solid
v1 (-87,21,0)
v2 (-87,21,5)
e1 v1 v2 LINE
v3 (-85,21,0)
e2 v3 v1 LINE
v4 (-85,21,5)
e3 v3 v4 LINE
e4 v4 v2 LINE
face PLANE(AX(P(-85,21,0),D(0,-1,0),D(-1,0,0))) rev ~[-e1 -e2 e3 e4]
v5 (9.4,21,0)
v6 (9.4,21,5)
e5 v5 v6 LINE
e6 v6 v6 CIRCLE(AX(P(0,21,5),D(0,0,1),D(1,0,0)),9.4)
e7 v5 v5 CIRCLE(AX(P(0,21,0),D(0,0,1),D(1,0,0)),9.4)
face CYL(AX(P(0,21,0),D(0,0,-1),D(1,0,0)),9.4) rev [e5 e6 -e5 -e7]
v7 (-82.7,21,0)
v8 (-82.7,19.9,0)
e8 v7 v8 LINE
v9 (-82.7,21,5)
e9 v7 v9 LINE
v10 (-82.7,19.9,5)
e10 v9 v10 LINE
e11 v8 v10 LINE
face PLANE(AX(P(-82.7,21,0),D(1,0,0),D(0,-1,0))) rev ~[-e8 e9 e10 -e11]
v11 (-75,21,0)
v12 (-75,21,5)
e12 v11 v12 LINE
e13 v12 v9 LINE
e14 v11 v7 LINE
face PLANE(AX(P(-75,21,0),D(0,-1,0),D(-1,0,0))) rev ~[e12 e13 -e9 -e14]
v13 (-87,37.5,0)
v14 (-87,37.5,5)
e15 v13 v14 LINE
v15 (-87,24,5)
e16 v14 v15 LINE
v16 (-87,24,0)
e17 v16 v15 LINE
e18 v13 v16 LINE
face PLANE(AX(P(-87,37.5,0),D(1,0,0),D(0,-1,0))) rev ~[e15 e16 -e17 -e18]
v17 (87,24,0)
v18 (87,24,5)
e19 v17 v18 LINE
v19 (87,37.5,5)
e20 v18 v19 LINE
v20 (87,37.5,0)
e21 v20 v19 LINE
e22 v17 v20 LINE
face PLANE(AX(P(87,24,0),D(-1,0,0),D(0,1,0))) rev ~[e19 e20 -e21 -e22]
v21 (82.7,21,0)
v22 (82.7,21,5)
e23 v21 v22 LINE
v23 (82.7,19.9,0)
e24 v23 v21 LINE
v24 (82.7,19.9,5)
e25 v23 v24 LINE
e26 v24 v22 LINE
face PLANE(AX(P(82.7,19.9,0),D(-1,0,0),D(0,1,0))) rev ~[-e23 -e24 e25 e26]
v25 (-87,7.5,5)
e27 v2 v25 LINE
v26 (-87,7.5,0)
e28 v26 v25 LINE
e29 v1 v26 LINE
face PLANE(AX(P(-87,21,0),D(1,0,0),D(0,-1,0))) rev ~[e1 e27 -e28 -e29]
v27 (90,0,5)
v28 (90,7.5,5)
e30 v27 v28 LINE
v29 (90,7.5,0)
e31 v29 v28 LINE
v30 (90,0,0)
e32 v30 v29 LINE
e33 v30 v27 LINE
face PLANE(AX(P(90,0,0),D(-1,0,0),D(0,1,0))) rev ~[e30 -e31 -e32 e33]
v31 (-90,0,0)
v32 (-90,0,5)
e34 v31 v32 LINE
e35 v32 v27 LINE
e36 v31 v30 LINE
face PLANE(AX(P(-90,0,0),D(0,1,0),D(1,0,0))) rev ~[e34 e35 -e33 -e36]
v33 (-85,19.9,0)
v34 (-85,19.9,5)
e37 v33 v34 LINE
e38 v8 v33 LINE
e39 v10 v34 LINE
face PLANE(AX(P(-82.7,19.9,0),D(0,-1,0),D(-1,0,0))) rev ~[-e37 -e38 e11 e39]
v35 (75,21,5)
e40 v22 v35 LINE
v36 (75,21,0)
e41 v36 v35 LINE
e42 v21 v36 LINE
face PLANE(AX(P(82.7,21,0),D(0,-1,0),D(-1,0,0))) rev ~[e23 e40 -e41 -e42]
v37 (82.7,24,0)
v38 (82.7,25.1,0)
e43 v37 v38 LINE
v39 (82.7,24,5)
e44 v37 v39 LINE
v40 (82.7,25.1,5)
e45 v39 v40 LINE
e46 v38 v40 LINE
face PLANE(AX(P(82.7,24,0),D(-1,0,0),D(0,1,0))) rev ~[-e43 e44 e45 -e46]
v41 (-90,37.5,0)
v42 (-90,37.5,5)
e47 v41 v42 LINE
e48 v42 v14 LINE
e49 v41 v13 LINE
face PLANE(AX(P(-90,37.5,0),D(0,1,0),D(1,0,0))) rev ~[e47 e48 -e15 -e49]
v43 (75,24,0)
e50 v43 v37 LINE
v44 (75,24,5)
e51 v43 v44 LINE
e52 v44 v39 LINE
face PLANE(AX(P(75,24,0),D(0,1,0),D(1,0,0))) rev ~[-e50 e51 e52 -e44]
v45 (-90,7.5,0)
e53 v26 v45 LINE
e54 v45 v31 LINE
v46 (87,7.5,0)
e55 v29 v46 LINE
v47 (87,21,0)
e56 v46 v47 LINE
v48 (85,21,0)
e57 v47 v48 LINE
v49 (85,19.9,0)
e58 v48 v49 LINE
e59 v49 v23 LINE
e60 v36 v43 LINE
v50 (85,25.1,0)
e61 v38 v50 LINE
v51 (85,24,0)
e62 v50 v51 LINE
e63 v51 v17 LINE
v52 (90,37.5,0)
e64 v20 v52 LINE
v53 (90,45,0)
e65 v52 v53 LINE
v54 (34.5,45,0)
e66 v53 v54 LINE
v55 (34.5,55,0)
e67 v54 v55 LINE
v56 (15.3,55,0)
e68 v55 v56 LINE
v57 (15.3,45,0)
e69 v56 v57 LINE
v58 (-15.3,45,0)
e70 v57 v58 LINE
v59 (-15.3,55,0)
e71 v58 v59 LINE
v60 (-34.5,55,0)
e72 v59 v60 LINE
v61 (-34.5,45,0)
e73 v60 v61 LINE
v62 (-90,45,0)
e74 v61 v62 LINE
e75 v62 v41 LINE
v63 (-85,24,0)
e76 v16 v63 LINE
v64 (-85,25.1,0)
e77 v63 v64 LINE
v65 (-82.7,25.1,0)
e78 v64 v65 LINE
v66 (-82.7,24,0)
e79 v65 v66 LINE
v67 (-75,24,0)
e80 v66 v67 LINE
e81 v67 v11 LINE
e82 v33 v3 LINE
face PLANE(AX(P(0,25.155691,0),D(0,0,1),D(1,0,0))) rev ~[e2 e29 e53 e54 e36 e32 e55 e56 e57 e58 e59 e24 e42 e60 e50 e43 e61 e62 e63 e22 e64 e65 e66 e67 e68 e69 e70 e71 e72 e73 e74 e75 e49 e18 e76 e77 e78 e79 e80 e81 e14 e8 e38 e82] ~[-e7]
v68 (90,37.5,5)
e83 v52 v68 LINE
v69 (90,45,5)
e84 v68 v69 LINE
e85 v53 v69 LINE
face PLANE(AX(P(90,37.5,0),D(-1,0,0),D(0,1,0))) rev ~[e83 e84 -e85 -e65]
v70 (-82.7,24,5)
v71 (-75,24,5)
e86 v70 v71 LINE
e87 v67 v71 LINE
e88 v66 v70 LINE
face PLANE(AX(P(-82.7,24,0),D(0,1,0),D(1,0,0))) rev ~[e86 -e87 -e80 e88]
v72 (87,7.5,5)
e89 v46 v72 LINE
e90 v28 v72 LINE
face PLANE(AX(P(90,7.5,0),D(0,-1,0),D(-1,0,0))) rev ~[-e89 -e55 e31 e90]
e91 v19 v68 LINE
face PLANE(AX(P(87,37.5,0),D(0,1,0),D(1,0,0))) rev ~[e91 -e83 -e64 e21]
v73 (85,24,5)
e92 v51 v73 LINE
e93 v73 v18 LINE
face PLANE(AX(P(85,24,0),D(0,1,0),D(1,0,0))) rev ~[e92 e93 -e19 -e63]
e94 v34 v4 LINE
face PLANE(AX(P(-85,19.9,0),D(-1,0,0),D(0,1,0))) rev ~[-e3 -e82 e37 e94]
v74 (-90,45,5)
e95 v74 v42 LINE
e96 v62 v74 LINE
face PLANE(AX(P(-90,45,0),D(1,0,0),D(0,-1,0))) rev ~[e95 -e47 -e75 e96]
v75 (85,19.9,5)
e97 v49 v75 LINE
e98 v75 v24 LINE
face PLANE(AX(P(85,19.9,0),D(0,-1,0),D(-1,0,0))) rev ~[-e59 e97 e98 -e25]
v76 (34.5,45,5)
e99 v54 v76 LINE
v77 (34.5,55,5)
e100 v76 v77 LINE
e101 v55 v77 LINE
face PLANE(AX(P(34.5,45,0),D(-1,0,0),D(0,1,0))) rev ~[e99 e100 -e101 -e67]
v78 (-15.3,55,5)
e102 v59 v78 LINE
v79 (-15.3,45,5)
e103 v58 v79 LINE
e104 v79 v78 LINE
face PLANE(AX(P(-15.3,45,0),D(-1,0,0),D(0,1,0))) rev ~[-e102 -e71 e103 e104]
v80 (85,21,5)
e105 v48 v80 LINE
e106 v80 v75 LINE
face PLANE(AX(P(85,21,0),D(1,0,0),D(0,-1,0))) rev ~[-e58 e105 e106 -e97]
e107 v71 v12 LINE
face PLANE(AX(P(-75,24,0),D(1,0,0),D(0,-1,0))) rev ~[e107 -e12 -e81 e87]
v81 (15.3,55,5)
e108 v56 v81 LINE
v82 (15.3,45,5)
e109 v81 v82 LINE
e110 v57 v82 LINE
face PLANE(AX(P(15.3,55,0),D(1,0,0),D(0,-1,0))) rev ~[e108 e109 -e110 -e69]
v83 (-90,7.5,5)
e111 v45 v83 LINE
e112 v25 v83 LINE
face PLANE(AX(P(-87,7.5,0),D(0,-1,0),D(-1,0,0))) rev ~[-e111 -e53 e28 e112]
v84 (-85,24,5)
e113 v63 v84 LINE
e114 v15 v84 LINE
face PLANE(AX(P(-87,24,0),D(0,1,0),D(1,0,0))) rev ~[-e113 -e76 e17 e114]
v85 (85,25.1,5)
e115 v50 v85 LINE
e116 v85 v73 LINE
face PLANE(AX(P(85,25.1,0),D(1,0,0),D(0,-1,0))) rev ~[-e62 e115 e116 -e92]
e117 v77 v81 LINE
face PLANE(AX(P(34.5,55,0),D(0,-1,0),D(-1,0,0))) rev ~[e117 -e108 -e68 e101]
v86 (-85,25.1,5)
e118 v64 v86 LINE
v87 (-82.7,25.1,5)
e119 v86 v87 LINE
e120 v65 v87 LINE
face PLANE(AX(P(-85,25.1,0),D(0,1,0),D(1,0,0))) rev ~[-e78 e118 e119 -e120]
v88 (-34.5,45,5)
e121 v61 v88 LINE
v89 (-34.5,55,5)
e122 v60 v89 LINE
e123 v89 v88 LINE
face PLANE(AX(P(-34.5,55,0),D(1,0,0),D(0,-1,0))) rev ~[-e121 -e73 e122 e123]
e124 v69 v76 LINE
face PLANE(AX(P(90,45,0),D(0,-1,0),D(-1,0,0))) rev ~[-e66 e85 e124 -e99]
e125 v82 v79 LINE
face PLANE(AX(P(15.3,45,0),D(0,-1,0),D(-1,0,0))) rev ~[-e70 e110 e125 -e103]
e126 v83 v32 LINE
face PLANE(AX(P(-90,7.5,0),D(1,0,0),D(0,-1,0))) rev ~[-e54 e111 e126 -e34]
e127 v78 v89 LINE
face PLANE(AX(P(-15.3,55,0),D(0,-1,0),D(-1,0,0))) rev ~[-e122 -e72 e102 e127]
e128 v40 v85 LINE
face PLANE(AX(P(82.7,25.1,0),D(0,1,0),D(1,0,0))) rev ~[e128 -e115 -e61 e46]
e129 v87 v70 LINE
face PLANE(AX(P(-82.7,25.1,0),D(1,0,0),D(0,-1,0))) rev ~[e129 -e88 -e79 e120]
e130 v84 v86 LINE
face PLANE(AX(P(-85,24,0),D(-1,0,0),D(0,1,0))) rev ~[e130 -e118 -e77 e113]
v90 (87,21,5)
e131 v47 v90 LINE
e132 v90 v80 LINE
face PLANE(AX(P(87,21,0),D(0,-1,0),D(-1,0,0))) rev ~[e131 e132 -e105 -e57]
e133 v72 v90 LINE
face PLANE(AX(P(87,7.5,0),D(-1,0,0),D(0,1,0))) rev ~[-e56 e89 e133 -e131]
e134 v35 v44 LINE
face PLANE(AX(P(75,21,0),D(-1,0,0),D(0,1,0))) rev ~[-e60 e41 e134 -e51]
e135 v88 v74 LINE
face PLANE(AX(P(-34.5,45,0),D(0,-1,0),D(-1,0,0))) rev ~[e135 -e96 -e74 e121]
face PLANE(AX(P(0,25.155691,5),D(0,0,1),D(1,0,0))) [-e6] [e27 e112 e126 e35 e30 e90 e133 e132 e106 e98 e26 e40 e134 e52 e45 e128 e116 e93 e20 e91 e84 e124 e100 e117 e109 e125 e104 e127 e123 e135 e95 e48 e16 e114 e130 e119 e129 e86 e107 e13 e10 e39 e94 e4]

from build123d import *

# Parameters (mm, degrees)
ESQUISSE1_R        = 9.4
BOSS_EXTRU_1_DEPTH = 5


with BuildPart() as part:
    # Esquisse1 → Boss.-Extru.1 (new body)
    with BuildSketch(Plane.XY):
        Polygon((90, 45), (34.5, 45), (34.5, 55), (15.3, 55), (15.3, 45), (-15.3, 45), (-15.3, 55), (-34.5, 55), (-34.5, 45), (-90, 45), (-90, 37.5), (-87, 37.5), (-87, 24), (-85, 24), (-85, 25.1), (-82.7, 25.1), (-82.7, 24), (-75, 24), (-75, 21), (-82.7, 21), (-82.7, 19.9), (-85, 19.9), (-85, 21), (-87, 21), (-87, 7.5), (-90, 7.5), (-90, 0), (90, 0), (90, 7.5), (87, 7.5), (87, 21), (85, 21), (85, 19.9), (82.7, 19.9), (82.7, 21), (75, 21), (75, 24), (82.7, 24), (82.7, 25.1), (85, 25.1), (85, 24), (87, 24), (87, 37.5), (90, 37.5), align=None)
        with Locations((0, 21)):
            Circle(ESQUISSE1_R, mode=Mode.SUBTRACT)
    extrude(amount=BOSS_EXTRU_1_DEPTH)


solid = part.part
